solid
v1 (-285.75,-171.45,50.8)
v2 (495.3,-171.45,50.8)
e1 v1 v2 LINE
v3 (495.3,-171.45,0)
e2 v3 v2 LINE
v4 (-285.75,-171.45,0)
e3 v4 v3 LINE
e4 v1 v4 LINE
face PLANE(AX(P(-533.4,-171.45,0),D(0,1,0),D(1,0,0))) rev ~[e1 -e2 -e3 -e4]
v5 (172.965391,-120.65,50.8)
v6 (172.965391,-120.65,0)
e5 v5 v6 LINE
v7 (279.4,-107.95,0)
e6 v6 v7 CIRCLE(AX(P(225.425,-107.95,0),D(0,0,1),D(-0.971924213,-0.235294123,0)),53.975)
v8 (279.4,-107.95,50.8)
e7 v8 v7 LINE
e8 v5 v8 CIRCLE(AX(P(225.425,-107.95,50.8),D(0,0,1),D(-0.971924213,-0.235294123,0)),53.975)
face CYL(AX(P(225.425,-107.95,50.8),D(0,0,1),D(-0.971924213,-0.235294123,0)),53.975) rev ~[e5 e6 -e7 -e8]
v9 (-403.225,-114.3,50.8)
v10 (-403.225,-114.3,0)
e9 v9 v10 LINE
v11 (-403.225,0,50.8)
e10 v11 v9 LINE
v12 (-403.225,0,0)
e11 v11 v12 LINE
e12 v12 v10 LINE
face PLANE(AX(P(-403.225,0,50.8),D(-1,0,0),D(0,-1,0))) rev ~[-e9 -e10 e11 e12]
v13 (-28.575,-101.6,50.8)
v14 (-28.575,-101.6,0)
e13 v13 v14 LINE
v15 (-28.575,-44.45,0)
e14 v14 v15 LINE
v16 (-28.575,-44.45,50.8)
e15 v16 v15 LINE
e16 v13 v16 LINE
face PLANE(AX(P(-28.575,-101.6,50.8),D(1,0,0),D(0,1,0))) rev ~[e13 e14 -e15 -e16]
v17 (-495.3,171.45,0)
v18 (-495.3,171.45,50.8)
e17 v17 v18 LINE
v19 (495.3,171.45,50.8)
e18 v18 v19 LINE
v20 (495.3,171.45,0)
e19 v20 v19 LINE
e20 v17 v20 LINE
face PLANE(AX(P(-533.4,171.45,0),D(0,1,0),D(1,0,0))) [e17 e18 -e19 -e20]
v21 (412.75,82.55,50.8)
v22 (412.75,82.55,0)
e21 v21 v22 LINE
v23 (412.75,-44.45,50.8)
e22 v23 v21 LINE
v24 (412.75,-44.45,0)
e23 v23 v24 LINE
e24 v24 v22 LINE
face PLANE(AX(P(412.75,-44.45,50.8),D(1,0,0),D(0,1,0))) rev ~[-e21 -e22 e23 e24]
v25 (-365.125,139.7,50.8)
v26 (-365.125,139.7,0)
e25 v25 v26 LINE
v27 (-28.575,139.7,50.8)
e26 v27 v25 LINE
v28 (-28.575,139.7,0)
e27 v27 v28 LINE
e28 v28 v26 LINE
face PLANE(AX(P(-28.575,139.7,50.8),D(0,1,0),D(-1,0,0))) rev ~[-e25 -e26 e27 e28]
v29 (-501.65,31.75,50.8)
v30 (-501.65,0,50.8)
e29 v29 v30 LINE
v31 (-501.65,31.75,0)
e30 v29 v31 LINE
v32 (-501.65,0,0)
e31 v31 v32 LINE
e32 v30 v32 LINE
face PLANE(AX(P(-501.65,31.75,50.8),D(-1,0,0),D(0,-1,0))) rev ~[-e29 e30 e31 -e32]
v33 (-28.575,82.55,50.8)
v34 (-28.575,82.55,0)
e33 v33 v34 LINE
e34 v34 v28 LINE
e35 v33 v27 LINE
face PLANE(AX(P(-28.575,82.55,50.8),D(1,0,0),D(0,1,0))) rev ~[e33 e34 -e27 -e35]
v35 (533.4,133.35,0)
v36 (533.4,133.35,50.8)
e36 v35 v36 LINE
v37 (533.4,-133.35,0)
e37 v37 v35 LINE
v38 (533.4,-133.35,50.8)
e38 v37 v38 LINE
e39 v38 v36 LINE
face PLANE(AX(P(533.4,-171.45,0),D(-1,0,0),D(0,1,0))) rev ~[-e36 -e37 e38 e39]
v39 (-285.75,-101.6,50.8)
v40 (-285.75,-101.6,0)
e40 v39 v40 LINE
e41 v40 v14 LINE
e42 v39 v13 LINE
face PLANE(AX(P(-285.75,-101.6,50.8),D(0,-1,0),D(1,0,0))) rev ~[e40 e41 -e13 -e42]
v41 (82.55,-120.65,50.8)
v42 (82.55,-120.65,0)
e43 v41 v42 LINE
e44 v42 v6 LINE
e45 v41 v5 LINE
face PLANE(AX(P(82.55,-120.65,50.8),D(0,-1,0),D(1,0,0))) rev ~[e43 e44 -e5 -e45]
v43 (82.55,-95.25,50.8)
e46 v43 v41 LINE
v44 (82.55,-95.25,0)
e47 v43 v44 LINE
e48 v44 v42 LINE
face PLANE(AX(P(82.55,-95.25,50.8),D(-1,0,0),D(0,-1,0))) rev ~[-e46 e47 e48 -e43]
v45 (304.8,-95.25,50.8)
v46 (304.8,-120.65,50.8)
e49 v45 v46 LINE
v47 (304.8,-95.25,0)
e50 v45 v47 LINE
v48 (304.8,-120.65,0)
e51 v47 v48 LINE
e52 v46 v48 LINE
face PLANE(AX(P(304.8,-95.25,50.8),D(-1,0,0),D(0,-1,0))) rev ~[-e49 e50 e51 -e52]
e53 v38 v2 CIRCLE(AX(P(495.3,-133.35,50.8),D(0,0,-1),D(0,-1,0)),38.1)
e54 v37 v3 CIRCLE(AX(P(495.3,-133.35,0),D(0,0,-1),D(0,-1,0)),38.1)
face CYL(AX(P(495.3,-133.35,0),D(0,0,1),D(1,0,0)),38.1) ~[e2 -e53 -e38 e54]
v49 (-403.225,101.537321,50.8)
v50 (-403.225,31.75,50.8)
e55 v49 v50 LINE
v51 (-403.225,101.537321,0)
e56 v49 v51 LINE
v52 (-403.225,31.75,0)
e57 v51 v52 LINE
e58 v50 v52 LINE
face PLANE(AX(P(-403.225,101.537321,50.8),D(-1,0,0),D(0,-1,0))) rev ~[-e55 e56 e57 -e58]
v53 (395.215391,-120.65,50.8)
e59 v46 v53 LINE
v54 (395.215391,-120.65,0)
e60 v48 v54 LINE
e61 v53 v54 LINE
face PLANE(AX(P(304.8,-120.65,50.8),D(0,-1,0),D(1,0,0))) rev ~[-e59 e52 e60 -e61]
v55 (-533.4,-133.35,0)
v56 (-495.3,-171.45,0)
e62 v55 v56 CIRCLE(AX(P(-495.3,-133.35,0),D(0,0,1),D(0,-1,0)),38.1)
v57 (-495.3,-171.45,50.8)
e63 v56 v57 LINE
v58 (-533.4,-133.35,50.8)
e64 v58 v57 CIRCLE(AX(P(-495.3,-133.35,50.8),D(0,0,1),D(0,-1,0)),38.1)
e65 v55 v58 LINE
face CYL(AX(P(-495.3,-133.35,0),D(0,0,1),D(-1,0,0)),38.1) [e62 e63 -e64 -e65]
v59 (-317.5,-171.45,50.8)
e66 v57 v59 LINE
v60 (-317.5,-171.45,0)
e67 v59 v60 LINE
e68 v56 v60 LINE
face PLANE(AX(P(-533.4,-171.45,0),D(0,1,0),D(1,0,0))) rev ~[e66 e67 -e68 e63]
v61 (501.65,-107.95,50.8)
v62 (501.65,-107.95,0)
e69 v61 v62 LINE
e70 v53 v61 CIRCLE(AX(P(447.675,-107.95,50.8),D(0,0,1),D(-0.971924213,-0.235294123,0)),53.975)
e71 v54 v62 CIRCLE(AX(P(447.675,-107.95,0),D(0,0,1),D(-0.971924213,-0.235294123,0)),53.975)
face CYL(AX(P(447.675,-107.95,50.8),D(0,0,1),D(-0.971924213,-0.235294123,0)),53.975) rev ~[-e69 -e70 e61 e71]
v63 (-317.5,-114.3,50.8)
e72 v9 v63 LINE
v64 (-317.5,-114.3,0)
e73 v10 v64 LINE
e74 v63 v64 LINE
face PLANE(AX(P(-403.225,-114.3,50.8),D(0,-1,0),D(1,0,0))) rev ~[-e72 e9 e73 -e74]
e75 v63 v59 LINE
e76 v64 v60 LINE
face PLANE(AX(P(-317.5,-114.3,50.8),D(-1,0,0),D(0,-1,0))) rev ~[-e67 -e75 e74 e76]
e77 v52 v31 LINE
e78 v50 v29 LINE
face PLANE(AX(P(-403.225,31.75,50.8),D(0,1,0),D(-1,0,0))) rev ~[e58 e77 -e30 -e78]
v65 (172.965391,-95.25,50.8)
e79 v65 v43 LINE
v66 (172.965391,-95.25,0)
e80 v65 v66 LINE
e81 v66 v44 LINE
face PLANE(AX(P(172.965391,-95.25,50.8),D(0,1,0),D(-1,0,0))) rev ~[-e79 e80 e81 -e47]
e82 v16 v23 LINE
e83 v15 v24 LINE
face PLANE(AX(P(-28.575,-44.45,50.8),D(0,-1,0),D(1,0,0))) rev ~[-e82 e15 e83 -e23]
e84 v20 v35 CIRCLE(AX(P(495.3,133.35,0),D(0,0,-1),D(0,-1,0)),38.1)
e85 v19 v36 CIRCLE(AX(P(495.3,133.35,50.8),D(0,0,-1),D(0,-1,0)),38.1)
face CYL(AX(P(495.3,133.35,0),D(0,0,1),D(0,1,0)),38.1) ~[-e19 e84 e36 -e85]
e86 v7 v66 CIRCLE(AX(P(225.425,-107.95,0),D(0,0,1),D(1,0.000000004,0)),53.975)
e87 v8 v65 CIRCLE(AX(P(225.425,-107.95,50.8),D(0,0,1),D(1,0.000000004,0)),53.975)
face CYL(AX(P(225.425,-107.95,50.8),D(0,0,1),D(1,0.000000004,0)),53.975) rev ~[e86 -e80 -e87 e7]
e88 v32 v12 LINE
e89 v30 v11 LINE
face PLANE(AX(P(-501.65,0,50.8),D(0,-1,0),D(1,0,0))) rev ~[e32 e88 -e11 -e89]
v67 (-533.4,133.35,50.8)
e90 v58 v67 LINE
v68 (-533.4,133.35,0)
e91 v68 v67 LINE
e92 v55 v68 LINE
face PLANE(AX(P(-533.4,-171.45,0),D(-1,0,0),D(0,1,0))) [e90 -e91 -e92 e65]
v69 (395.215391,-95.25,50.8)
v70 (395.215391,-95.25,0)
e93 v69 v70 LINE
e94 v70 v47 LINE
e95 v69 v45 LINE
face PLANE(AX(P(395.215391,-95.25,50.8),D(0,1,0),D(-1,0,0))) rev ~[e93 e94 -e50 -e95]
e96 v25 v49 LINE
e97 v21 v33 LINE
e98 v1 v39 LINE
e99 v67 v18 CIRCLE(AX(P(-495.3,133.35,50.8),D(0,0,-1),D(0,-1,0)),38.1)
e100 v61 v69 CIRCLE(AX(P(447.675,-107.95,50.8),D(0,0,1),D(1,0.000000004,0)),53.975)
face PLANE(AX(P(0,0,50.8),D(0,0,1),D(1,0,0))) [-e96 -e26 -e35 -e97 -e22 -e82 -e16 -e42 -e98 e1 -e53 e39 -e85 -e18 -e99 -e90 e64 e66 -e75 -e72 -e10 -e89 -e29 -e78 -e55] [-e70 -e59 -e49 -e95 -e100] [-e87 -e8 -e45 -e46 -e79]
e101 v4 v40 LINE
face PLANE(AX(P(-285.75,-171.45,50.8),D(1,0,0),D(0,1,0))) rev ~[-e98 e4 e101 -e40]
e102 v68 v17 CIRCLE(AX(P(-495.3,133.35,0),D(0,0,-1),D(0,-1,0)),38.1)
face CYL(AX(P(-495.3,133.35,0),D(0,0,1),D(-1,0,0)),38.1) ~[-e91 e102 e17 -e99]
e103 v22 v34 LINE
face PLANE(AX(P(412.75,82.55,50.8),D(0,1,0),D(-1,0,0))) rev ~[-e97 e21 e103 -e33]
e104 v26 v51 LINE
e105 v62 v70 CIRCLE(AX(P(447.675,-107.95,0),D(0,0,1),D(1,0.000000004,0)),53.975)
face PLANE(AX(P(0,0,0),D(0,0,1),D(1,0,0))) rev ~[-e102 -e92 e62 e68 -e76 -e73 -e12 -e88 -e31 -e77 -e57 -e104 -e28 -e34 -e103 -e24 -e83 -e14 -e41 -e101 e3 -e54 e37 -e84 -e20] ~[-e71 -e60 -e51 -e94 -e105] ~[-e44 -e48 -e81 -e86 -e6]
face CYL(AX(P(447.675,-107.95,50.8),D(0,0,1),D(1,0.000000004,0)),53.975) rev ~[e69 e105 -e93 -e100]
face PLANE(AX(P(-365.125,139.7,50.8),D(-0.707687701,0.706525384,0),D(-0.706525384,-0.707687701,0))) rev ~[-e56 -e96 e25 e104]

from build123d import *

# Parameters (mm, degrees)
F0_W     = 1066.8
F0_H     = 342.9
F1_DEPTH = 50.8
F3_DEPTH = 50.8
F4_R     = 38.1
F6_DEPTH = 50.8
F8_DEPTH = 50.8


with BuildPart() as f1:
    # F0 (on Top) → F1 (new body)
    with BuildSketch(Plane.XY):
        Rectangle(F0_W, F0_H)
    extrude(amount=F1_DEPTH)

    # F2 (on face) → F3 (cut)
    with BuildSketch(Plane.XY.offset(50.8)):
        Polygon((-317.5, -114.3), (-317.5, -171.45), (-285.75, -171.45), (-285.75, -101.6), (-28.575, -101.6), (-28.575, -44.45), (412.75, -44.45), (412.75, 82.55), (-28.575, 82.55), (-28.575, 139.7), (-365.125, 139.7), (-403.225, 101.537321), (-403.225, 31.75), (-501.65, 31.75), (-501.65, 0), (-403.225, 0), (-403.225, -114.3), align=None)
    extrude(amount=-F3_DEPTH, mode=Mode.SUBTRACT)

    # F4
    f4_edges = [f1.edges().sort_by_distance(p)[0] for p in [
        (-533.4, 171.45, 25.4),
        (-533.4, -171.45, 25.4),
        (533.4, 171.45, 25.4),
        (533.4, -171.45, 25.4),
    ]]
    fillet(f4_edges, radius=F4_R)

    # F5 (on face) → F6 (cut)
    with BuildSketch(Plane.XY.offset(50.8)):
        with BuildLine():
            Line((172.965391, -95.25), (82.55, -95.25))
            Line((82.55, -95.25), (82.55, -120.65))
            Line((82.55, -120.65), (172.965391, -120.65))
            ThreePointArc((172.965391, -120.65), (171.45, -107.95), (172.965391, -95.25))
        make_face()
        with BuildLine():
            ThreePointArc((279.4, -107.95), (231.820045, -54.355187), (172.965391, -95.25))
            ThreePointArc((172.965391, -95.25), (171.45, -107.95), (172.965391, -120.65))
            ThreePointArc((172.965391, -120.65), (231.820045, -161.544813), (279.4, -107.95))
        make_face()
    extrude(amount=-F6_DEPTH, mode=Mode.SUBTRACT)

    # F7 (on face) → F8 (cut)
    with BuildSketch(Plane.XY.offset(50.8)):
        with BuildLine():
            Line((395.215391, -95.25), (304.8, -95.25))
            Line((304.8, -95.25), (304.8, -120.65))
            Line((304.8, -120.65), (395.215391, -120.65))
            ThreePointArc((395.215391, -120.65), (393.7, -107.95), (395.215391, -95.25))
        make_face()
        with BuildLine():
            ThreePointArc((501.65, -107.95), (454.070045, -54.355187), (395.215391, -95.25))
            ThreePointArc((395.215391, -95.25), (393.7, -107.95), (395.215391, -120.65))
            ThreePointArc((395.215391, -120.65), (454.070045, -161.544813), (501.65, -107.95))
        make_face()
    extrude(amount=-F8_DEPTH, mode=Mode.SUBTRACT)


solid = f1.part
